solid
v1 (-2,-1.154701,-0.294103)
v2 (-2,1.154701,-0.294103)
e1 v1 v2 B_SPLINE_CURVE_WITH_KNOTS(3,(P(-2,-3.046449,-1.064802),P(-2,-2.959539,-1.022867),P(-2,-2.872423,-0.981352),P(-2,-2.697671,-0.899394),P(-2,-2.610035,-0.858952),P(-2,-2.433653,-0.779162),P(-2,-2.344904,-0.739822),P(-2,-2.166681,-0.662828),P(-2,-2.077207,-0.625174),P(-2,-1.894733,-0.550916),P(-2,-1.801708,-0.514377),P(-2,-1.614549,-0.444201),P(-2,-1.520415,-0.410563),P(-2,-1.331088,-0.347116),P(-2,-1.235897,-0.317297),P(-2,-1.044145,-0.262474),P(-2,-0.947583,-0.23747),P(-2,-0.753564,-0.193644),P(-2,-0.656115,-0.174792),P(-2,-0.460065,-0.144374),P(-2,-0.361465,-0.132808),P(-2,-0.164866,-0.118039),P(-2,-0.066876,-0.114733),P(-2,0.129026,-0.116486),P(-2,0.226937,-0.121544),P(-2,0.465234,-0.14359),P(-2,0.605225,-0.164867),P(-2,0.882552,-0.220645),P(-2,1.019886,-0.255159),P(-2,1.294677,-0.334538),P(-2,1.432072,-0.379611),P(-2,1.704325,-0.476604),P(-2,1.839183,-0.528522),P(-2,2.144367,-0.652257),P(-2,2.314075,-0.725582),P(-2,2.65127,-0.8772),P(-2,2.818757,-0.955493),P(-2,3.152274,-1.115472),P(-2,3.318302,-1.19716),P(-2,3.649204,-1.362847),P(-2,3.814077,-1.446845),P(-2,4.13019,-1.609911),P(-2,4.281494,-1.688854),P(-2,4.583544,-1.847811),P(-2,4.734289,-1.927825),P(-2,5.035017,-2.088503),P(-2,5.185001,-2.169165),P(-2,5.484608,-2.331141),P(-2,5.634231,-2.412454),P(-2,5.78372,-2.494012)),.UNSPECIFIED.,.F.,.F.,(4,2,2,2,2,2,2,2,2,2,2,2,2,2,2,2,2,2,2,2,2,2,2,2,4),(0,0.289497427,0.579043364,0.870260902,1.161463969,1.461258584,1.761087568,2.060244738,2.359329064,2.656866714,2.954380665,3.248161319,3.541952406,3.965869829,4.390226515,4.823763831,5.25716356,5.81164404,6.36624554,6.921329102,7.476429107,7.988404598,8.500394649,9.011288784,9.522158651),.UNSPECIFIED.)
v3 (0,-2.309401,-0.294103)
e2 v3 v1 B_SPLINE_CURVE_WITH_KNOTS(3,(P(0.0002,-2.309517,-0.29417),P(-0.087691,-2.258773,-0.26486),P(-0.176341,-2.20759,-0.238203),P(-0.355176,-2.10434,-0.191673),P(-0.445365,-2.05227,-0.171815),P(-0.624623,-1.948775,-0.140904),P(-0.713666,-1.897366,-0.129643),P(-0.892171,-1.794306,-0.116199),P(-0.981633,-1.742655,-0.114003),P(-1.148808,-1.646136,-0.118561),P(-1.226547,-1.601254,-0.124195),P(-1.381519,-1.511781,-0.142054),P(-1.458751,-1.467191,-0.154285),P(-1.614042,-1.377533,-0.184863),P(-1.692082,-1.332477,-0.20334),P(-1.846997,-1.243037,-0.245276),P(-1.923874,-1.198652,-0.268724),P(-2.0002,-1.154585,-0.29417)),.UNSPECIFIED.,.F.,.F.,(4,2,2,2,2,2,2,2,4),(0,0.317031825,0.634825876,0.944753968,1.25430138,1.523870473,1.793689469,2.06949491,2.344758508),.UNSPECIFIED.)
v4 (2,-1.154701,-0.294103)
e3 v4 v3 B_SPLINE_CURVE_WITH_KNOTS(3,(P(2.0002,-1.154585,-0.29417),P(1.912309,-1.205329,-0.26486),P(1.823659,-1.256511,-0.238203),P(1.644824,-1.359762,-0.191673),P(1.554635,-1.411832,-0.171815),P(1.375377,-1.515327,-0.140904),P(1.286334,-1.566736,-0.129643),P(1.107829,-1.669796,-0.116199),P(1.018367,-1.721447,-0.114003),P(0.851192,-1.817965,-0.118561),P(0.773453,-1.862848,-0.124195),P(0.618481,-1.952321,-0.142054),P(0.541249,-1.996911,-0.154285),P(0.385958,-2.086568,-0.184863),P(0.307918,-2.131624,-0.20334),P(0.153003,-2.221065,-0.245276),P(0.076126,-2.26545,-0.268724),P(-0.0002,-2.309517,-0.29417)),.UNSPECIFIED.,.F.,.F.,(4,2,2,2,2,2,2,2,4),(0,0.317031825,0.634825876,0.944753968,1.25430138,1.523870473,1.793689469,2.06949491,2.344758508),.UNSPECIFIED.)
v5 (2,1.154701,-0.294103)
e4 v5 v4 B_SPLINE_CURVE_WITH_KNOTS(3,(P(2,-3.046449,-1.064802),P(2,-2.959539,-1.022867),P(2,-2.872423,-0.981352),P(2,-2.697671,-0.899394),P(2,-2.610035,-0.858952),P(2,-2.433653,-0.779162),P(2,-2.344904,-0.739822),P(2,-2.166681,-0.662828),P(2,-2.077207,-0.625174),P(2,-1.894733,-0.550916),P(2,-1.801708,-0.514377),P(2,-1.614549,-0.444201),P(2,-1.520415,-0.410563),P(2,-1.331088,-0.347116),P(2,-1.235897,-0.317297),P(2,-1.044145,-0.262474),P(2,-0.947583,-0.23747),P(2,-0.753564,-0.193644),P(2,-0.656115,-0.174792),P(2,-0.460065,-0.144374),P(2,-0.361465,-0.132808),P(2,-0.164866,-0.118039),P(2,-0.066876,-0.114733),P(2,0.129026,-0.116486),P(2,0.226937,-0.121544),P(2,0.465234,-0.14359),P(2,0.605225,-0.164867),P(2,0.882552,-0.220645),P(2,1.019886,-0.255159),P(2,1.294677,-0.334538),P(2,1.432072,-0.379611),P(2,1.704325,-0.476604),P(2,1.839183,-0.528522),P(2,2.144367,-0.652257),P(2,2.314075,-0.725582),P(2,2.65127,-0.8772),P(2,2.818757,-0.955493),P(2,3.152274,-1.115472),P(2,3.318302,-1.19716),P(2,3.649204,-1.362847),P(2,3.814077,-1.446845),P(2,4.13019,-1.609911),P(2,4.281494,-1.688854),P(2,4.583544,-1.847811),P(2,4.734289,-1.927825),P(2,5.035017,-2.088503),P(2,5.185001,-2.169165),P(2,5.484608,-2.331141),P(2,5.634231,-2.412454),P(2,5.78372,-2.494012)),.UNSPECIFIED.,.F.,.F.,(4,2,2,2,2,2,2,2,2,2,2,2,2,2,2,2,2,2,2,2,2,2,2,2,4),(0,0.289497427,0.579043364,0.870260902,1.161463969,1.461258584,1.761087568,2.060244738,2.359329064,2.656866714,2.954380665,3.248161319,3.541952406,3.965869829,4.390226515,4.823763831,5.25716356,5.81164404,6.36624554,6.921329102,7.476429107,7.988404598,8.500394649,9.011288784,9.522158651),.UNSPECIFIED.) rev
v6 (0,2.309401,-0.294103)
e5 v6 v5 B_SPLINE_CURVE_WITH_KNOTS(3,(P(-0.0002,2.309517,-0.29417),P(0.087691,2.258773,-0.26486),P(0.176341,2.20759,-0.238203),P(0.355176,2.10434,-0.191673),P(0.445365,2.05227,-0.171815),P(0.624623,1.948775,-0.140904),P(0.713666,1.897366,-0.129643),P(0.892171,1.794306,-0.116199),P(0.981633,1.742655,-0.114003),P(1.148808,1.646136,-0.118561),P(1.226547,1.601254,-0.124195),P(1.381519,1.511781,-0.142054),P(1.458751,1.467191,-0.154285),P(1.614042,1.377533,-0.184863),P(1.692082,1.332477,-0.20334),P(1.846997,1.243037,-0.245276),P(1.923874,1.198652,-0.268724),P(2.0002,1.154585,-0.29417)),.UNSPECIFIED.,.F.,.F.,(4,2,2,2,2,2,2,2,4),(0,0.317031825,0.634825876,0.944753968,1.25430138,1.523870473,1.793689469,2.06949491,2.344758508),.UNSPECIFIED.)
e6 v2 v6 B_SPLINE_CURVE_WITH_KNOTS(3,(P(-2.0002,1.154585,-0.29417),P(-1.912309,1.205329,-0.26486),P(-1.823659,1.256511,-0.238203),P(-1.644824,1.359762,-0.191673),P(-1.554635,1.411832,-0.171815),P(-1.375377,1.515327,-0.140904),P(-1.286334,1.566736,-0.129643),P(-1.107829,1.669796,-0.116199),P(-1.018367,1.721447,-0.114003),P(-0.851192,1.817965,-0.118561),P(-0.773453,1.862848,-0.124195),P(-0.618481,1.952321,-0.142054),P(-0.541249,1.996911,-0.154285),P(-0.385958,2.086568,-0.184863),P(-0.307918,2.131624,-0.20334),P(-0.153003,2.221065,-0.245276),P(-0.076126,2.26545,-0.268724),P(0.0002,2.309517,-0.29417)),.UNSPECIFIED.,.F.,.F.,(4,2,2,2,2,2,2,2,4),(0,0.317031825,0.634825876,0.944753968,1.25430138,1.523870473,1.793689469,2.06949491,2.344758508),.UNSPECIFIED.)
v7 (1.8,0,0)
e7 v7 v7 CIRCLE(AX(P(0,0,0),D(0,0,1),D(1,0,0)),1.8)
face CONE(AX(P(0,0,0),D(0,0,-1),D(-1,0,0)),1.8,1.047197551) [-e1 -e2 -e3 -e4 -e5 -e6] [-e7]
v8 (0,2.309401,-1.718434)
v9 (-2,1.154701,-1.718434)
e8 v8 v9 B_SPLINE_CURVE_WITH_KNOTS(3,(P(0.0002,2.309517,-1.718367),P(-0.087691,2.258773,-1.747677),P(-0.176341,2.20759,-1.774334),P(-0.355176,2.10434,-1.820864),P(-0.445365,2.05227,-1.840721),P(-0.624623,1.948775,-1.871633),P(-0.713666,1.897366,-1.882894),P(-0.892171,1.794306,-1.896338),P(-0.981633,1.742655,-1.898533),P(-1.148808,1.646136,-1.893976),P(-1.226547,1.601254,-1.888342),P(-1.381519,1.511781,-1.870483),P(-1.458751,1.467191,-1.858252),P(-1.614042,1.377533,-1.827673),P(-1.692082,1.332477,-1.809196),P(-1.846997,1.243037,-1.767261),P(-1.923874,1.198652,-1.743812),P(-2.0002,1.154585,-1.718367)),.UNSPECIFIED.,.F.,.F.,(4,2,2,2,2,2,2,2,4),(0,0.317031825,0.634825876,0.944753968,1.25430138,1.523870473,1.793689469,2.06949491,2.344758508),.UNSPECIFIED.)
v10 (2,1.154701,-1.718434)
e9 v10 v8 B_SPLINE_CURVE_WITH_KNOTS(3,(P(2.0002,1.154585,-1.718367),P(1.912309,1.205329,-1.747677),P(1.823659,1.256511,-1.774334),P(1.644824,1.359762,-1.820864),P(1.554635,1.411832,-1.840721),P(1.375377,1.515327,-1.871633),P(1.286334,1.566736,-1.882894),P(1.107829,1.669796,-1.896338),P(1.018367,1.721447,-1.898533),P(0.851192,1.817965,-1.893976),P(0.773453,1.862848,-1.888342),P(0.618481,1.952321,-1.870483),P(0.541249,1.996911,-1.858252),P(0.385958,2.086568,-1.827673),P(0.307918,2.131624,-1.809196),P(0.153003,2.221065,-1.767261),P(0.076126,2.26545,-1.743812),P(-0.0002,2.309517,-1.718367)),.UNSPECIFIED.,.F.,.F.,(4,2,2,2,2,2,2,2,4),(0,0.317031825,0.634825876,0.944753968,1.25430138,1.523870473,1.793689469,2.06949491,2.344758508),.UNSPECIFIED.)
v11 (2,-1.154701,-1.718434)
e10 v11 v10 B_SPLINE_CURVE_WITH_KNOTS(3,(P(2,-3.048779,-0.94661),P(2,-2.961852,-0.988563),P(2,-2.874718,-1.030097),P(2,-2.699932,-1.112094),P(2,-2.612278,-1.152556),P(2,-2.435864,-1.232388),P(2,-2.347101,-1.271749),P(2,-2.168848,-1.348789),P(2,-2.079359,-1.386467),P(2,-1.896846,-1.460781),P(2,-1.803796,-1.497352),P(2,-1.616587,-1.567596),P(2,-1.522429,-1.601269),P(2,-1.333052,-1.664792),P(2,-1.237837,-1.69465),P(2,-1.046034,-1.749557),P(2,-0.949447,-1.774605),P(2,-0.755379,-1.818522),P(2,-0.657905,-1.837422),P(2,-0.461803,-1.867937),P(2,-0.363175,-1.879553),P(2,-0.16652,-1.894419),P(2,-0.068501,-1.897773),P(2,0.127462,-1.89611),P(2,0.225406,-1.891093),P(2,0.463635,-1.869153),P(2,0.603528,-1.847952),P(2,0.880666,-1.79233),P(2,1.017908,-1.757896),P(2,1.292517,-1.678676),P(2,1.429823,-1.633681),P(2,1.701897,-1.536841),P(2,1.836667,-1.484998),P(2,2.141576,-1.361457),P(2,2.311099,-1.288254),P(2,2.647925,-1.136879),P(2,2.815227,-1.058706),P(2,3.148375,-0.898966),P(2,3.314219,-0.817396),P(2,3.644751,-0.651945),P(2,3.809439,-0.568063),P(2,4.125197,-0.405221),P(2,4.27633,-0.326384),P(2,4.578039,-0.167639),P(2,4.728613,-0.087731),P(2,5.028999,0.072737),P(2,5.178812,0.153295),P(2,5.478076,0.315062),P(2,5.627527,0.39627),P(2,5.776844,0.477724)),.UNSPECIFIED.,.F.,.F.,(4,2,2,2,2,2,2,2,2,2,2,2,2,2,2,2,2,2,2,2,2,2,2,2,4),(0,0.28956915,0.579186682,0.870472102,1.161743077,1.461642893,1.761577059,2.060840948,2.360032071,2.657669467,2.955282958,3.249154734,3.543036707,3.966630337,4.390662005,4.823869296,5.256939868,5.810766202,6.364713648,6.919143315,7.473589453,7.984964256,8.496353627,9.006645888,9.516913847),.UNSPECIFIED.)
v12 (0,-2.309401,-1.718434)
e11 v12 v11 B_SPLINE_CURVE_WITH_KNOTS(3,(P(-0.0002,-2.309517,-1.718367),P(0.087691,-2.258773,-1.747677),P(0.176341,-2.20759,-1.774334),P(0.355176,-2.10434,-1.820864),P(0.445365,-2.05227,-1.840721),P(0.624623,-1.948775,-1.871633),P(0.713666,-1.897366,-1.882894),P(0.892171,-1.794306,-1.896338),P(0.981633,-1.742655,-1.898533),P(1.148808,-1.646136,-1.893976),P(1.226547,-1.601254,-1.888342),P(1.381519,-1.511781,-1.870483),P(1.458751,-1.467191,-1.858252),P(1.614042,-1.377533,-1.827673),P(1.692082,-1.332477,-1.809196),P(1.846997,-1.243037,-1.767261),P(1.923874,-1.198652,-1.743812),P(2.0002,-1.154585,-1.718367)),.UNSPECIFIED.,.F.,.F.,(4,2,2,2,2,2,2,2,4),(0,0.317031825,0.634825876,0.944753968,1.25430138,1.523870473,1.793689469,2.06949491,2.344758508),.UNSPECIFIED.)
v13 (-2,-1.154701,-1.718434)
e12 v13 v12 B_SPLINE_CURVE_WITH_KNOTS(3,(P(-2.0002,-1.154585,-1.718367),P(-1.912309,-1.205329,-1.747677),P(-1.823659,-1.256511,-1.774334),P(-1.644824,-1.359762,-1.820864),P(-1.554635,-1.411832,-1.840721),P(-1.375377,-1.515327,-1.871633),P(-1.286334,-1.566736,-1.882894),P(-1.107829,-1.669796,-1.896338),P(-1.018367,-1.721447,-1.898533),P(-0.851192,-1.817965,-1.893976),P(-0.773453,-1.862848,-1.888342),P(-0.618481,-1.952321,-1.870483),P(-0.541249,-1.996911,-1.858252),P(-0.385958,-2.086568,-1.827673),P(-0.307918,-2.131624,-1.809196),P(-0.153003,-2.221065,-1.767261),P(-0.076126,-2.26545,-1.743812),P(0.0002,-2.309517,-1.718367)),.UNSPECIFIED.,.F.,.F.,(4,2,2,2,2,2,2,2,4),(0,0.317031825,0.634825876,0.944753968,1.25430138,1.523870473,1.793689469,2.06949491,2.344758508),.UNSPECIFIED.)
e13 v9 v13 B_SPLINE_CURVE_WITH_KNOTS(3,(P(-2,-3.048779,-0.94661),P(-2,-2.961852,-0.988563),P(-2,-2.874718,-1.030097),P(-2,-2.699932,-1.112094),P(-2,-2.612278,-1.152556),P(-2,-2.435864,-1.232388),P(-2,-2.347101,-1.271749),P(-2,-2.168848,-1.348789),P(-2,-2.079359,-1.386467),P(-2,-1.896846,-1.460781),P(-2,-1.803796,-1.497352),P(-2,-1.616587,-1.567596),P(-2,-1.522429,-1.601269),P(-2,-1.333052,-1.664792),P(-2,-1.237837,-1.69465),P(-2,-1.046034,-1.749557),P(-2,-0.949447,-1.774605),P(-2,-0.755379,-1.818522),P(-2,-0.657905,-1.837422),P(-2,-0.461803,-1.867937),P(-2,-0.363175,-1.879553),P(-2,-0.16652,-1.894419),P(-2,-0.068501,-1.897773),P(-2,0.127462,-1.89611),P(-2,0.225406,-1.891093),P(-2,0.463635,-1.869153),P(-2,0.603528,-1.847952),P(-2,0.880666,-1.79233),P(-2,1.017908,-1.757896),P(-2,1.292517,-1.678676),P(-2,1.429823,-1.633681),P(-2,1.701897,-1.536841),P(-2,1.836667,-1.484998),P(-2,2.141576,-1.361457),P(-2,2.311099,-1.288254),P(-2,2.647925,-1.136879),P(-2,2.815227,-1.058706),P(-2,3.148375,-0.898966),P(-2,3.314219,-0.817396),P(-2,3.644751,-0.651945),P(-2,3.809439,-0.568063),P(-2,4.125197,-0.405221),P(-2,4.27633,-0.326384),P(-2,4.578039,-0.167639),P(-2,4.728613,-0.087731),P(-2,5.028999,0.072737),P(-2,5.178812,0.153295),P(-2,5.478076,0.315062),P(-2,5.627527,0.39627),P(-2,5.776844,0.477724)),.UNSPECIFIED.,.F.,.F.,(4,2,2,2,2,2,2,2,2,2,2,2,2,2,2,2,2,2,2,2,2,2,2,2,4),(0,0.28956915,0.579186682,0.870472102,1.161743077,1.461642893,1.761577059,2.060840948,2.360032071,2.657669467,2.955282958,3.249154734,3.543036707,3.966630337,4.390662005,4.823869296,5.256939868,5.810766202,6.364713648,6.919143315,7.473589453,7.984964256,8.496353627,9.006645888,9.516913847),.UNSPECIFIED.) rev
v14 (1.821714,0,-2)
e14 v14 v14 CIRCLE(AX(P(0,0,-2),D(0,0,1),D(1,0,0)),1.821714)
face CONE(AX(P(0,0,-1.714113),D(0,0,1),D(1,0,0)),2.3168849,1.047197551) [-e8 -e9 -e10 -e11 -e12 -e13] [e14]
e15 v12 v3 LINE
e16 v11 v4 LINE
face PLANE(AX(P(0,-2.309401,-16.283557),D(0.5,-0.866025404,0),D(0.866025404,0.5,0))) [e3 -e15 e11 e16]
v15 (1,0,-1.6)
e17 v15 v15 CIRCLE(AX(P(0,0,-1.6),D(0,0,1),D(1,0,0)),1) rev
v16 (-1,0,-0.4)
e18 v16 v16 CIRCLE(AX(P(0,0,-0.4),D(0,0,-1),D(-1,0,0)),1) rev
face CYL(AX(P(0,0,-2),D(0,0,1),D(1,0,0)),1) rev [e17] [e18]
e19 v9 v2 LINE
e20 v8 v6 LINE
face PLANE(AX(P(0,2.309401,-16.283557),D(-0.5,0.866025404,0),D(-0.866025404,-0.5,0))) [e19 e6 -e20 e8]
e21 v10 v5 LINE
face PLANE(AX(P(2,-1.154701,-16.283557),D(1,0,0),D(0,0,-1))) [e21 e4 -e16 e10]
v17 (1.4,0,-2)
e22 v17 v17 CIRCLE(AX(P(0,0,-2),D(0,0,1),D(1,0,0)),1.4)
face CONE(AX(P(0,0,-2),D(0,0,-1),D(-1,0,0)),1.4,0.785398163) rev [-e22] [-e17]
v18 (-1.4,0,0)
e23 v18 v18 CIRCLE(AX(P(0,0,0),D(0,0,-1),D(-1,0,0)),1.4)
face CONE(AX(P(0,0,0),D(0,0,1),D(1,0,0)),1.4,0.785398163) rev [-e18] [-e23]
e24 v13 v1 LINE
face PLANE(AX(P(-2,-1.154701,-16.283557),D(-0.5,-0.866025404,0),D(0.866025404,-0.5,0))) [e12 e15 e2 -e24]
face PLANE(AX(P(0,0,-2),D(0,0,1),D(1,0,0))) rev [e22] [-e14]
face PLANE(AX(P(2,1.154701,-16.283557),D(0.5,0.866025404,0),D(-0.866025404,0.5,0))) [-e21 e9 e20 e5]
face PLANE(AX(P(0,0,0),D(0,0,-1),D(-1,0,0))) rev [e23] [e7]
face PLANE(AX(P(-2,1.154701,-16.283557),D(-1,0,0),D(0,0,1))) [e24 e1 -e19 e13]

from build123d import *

# Parameters (mm, degrees)
SKETCH_1_W               = 5
SKETCH_1_H               = 2
SKETCH_2_OUTSIDE_W       = 14.856
SKETCH_2_OUTSIDE_H       = 14.856
CUT_EXTRUDE_1_DEPTH      = 2
SKETCH_3_R               = 1
CUT_EXTRUDE_2_DEPTH      = 1
CUT_EXTRUDE_2_DEPTH_BACK = 3
CHAMFER_1_SIZE           = 0.4


with BuildPart() as part:
    # Эскиз1 → Повернуть1 (revolve)
    with BuildSketch(Plane(origin=(0, 0, 0), x_dir=(1, 0, 0), z_dir=(0, 1, 0))):
        with Locations((-2.5, 1)):
            Rectangle(SKETCH_1_W, SKETCH_1_H)
    revolve(axis=Axis((0, 0, 0), (0, 0, -1)))

    # Эскиз2 outside → Вырез-Вытянуть1 (cut)
    with BuildSketch(Plane.XY):
        Rectangle(SKETCH_2_OUTSIDE_W, SKETCH_2_OUTSIDE_H)
        Polygon((2, -1.154700538), (2, 1.154700538), (0, 2.309401077), (-2, 1.154700538), (-2, -1.154700538), (0, -2.309401077), align=None, mode=Mode.SUBTRACT)
    extrude(amount=-CUT_EXTRUDE_1_DEPTH, mode=Mode.SUBTRACT)

    # Эскиз3 → Вырез-Вытянуть2 (cut, two sides)
    with BuildSketch(Plane.XY) as cut_extrude_2_sk:
        Circle(SKETCH_3_R)
    extrude(amount=CUT_EXTRUDE_2_DEPTH, mode=Mode.SUBTRACT)
    extrude(cut_extrude_2_sk.sketch, amount=-CUT_EXTRUDE_2_DEPTH_BACK, mode=Mode.SUBTRACT)

    # Эскиз4 → Вырез-Повернуть1 (revolve, cut)
    with BuildSketch(Plane(origin=(0, 0, 0), x_dir=(0, 0, -1), z_dir=(1, 0, 0))):
        Polygon((0, 1.8), (0.294102849, 2.309401077), (0, 2.309401077), align=None)
        Polygon((2.008215931, 1.807483823), (1.714113082, 2.3168849), (2.008215931, 2.3168849), align=None)
    revolve(axis=Axis((0, 0, 0), (0, 0, -1)), mode=Mode.SUBTRACT)

    # Фаска1
    chamfer_1_edges = [part.edges().sort_by_distance(p)[0] for p in [
        (-1, 0, -2),
        (-1, 0, 0),
    ]]
    chamfer(chamfer_1_edges, length=CHAMFER_1_SIZE)


solid = part.part
